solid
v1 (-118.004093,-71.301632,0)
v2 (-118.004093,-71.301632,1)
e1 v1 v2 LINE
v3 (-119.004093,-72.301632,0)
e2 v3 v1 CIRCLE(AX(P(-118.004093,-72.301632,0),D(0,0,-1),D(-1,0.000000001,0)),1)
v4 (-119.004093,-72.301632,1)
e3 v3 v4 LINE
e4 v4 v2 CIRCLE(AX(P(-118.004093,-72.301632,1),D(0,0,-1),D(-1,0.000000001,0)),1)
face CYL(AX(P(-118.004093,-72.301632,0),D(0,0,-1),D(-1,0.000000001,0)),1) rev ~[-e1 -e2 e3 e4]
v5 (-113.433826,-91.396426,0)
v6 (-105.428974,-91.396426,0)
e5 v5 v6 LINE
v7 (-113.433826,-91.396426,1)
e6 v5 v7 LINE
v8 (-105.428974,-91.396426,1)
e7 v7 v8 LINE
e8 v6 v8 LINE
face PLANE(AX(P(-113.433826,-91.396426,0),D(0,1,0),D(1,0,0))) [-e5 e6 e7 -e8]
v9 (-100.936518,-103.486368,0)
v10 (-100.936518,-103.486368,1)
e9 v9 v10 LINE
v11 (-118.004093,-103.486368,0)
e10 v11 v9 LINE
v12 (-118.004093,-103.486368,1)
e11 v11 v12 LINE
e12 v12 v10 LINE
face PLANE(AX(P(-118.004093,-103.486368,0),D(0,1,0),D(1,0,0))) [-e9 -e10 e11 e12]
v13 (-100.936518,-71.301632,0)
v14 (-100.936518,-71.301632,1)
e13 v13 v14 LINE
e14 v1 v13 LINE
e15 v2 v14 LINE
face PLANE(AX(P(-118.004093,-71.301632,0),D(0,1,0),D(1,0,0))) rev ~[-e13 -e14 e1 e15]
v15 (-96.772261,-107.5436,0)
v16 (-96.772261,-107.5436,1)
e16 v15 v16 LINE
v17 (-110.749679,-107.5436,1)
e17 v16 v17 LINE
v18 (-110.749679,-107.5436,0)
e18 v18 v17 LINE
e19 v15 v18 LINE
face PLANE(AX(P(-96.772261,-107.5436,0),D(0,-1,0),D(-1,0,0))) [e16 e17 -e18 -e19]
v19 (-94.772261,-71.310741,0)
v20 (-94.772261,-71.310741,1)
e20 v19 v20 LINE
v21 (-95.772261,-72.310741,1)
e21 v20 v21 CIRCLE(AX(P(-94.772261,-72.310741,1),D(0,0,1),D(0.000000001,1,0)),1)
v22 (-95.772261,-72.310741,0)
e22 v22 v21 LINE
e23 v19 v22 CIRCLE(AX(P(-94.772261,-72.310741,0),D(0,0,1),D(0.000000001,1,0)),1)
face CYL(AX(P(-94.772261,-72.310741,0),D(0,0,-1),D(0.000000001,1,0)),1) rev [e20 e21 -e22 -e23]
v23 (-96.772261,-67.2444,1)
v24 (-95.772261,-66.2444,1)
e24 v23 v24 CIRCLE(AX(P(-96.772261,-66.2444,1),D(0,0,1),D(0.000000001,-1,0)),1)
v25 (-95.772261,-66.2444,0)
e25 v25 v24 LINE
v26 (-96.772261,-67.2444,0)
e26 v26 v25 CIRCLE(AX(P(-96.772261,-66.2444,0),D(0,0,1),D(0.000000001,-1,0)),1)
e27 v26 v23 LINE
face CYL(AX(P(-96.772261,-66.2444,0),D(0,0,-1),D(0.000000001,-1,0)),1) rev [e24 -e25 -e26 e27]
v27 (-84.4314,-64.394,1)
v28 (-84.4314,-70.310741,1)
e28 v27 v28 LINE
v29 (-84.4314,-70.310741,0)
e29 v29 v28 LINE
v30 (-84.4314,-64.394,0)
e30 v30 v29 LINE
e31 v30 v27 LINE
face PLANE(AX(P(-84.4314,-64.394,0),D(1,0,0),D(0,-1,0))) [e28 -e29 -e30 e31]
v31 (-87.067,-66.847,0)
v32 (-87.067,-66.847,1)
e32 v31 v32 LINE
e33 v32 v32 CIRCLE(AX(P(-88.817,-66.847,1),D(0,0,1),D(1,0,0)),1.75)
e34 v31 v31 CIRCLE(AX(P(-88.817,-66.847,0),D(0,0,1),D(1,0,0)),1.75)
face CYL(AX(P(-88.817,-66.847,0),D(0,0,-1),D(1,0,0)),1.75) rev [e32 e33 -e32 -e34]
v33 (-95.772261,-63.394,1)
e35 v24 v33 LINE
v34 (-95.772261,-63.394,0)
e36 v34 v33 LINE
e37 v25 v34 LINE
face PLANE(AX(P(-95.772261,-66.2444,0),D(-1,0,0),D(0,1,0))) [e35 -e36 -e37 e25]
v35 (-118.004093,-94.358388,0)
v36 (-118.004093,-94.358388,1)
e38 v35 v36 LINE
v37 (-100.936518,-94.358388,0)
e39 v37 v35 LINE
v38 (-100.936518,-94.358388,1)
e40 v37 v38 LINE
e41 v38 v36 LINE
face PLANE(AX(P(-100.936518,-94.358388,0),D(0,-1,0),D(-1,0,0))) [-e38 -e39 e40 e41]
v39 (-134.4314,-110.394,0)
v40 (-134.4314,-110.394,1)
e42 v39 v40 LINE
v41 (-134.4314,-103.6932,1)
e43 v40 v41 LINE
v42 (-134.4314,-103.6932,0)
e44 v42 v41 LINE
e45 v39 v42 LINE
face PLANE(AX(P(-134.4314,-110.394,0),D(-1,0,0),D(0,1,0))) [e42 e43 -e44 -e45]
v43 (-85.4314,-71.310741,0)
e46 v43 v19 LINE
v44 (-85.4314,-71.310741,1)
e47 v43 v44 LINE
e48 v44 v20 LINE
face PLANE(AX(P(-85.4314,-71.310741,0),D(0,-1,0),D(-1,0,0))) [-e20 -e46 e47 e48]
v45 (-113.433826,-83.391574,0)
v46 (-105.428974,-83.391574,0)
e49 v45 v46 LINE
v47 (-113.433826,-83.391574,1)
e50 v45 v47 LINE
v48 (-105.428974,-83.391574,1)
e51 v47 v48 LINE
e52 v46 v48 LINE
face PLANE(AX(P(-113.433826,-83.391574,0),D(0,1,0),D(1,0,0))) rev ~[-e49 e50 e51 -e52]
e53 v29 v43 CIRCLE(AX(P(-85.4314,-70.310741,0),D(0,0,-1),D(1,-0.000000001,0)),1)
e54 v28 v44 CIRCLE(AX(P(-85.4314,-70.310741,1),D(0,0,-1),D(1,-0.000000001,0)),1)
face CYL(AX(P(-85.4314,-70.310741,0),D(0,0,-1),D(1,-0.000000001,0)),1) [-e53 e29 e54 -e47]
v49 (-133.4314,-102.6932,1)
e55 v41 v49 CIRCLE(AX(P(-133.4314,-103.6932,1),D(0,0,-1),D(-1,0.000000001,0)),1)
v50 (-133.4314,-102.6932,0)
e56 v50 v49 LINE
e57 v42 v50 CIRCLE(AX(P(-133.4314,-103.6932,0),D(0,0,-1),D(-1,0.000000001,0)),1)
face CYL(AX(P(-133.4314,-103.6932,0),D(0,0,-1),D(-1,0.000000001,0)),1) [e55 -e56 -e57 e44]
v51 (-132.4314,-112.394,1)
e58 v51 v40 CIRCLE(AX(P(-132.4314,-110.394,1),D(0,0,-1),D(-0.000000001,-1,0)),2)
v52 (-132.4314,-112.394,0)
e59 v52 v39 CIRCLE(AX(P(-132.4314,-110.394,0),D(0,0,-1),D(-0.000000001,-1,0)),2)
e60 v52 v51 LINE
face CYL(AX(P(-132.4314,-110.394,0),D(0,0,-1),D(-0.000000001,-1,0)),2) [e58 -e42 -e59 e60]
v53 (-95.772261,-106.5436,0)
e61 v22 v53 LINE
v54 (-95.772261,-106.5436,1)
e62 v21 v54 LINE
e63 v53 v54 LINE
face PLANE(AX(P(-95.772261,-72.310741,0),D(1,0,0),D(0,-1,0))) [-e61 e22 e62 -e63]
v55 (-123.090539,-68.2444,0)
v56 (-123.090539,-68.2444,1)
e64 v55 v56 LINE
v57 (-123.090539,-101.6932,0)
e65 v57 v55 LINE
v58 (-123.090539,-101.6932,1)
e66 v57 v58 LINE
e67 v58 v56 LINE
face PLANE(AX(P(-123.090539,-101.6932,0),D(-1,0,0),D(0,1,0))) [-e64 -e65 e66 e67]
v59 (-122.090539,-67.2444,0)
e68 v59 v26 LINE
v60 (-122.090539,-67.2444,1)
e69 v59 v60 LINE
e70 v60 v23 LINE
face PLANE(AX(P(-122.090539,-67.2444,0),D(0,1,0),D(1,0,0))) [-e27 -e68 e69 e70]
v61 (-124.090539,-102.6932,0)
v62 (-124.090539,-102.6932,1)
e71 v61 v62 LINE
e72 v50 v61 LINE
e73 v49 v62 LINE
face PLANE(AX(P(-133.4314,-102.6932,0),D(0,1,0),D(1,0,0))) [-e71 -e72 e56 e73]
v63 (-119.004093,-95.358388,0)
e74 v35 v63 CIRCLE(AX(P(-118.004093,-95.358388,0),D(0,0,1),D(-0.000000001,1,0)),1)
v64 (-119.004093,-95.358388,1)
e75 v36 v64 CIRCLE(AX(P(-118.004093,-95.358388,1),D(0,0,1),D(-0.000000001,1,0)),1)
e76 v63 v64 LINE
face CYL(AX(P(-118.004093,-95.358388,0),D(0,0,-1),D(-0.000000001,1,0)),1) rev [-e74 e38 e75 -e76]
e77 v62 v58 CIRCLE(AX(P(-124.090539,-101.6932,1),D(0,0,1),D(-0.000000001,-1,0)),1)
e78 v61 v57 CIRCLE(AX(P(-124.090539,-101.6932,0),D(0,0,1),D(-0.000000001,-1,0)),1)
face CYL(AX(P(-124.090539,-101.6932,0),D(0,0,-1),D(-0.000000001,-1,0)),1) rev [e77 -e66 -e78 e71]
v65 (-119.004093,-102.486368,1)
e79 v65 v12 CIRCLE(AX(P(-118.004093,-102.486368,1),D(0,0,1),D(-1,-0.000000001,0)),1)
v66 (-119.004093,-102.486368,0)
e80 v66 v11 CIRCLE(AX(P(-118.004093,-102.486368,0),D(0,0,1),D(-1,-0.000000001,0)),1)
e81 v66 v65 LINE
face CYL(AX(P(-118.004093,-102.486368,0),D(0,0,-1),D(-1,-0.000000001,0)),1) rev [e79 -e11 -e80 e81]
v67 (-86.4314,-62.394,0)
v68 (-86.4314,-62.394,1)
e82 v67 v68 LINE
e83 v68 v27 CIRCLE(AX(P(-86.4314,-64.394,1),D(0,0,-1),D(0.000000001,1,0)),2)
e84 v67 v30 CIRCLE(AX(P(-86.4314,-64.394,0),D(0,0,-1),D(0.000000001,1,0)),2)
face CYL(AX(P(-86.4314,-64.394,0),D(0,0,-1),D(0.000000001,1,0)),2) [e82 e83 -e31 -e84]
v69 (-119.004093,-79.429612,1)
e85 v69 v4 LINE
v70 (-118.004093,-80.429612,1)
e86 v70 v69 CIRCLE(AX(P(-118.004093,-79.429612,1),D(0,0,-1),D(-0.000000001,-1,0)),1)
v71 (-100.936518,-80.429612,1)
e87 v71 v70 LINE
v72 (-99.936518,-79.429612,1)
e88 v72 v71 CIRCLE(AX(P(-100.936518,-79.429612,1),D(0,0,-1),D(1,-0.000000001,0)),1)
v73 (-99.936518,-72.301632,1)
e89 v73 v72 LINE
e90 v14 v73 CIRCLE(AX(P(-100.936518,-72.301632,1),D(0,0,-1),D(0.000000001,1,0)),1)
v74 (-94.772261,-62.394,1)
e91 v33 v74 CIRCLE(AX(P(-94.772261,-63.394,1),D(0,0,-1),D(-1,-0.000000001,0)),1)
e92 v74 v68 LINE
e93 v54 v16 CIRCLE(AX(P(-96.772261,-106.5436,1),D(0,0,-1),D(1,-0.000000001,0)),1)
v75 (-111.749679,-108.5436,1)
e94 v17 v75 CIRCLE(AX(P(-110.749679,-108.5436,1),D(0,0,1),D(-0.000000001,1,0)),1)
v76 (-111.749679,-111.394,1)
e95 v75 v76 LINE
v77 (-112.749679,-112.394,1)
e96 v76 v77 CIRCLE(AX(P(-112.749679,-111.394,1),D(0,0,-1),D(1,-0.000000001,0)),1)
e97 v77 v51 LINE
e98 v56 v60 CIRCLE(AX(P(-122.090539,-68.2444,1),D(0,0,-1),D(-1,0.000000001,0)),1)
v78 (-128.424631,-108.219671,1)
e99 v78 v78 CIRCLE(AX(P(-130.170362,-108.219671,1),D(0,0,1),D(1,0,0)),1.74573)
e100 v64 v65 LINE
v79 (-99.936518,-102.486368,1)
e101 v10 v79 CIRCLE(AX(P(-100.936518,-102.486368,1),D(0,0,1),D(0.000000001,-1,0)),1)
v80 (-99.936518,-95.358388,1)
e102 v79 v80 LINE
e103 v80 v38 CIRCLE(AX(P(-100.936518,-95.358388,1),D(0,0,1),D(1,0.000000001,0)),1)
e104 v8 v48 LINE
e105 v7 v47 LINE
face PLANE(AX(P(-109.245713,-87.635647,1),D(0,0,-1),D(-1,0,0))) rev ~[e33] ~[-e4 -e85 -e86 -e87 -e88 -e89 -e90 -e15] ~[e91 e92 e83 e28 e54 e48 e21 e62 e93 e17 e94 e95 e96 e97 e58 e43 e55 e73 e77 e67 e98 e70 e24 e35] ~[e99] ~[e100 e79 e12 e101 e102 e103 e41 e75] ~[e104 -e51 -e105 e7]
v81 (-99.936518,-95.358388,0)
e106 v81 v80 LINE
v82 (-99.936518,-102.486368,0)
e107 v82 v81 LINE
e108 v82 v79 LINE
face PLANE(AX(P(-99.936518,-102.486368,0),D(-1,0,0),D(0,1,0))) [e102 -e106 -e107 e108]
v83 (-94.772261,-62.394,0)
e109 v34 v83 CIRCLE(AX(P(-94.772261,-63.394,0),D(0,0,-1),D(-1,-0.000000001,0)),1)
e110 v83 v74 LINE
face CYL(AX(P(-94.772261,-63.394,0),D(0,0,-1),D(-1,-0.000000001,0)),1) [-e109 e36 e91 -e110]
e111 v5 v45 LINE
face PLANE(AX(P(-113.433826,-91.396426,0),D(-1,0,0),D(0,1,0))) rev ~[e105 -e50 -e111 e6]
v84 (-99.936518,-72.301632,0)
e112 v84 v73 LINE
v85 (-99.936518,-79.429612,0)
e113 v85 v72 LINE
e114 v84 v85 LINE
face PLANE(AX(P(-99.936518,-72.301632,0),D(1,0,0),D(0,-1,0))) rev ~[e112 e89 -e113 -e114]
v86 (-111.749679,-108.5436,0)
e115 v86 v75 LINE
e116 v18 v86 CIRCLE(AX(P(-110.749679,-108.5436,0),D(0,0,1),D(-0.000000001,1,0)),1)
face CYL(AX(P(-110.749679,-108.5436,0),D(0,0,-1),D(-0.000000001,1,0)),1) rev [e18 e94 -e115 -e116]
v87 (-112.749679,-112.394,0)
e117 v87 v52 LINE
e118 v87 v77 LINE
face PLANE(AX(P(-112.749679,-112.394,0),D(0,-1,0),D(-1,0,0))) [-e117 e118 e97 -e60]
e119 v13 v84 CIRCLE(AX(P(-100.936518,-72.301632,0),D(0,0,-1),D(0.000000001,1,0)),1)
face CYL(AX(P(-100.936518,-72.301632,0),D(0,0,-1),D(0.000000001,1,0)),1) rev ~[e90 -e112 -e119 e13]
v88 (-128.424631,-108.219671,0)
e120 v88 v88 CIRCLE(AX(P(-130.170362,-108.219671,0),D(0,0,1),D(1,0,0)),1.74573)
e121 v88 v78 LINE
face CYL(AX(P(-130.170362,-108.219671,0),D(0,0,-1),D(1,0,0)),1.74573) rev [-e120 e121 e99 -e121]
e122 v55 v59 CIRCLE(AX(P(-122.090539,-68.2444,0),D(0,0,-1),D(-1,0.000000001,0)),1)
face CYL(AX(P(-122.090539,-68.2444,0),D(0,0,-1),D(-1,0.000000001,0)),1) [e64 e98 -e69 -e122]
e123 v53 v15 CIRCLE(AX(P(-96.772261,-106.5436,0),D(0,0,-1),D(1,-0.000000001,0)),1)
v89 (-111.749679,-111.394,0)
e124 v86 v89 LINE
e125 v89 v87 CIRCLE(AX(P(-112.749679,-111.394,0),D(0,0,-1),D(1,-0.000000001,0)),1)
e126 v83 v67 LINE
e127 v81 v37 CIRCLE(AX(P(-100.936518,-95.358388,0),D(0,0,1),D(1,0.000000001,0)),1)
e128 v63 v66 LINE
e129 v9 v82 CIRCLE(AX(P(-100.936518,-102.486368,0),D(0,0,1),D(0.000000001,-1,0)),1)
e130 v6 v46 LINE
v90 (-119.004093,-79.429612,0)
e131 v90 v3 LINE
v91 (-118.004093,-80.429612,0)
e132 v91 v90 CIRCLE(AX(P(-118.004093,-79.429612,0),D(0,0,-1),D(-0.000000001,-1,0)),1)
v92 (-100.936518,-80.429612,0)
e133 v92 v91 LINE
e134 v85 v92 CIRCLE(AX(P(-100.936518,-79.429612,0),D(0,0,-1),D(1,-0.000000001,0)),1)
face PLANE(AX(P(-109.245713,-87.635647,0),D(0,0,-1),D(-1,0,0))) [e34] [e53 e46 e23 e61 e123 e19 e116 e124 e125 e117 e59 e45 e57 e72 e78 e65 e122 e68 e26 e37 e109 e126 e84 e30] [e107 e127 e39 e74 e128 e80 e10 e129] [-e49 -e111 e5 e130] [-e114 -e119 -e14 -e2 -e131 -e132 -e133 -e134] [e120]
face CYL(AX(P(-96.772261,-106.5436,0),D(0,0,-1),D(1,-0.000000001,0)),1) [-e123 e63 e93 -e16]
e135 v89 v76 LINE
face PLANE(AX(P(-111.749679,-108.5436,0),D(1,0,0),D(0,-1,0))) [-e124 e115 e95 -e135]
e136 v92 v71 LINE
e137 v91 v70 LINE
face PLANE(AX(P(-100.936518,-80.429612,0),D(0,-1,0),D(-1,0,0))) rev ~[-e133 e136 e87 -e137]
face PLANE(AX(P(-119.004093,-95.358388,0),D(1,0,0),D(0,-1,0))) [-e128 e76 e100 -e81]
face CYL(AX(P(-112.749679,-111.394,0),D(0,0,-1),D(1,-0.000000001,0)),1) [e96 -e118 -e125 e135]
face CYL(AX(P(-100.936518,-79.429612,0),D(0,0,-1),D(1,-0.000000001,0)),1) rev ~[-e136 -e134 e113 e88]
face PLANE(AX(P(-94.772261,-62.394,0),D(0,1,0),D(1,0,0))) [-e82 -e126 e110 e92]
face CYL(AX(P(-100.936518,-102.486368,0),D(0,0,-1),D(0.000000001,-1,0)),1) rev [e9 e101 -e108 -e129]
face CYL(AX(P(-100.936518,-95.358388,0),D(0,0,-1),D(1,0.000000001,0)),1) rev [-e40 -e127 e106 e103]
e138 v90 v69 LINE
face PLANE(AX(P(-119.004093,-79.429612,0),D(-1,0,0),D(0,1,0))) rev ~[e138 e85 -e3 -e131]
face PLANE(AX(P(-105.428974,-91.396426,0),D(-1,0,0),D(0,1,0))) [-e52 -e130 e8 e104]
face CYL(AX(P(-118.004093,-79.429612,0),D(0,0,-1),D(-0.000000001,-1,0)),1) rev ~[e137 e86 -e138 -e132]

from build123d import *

# Parameters (mm, degrees)
ESQUISSE1_R        = 1.745730463
ESQUISSE1_R_2      = 1.75
ESQUISSE1_W        = 8.004851144
ESQUISSE1_H        = 8.004851144
BOSS_EXTRU_1_DEPTH = 1


with BuildPart() as part:
    # Esquisse1 → Boss.-Extru.1 (new body)
    with BuildSketch(Plane.XY):
        with BuildLine():
            Line((-122.090539275, -67.2444), (-98.063455394, -67.2444))
            Line((-98.063455394, -67.2444), (-96.772260725, -67.2444))
            ThreePointArc((-96.772260725, -67.2444), (-96.065153944, -66.951506781), (-95.772260725, -66.2444))
            Line((-95.772260725, -66.2444), (-95.772260725, -63.394))
            ThreePointArc((-95.772260725, -63.394), (-95.479367507, -62.686893219), (-94.772260725, -62.394))
            Line((-94.772260725, -62.394), (-86.4314, -62.394))
            ThreePointArc((-86.4314, -62.394), (-85.017186438, -62.979786438), (-84.4314, -64.394))
            Line((-84.4314, -64.394), (-84.4314, -70.310741156))
            ThreePointArc((-84.4314, -70.310741156), (-84.724293219, -71.017847937), (-85.4314, -71.310741156))
            Line((-85.4314, -71.310741156), (-94.772260725, -71.310741156))
            ThreePointArc((-94.772260725, -71.310741156), (-95.479367507, -71.603634375), (-95.772260725, -72.310741156))
            Line((-95.772260725, -72.310741156), (-95.772260725, -106.5436))
            ThreePointArc((-95.772260725, -106.5436), (-96.065153944, -107.250706781), (-96.772260725, -107.5436))
            Line((-96.772260725, -107.5436), (-110.749678549, -107.5436))
            ThreePointArc((-110.749678549, -107.5436), (-111.45678533, -107.836493219), (-111.749678549, -108.5436))
            Line((-111.749678549, -108.5436), (-111.749678549, -111.394))
            ThreePointArc((-111.749678549, -111.394), (-112.042571768, -112.101106781), (-112.749678549, -112.394))
            Line((-112.749678549, -112.394), (-132.4314, -112.394))
            ThreePointArc((-132.4314, -112.394), (-133.845613562, -111.808213562), (-134.4314, -110.394))
            Line((-134.4314, -110.394), (-134.4314, -103.6932))
            ThreePointArc((-134.4314, -103.6932), (-134.138506781, -102.986093219), (-133.4314, -102.6932))
            Line((-133.4314, -102.6932), (-124.090539275, -102.6932))
            ThreePointArc((-124.090539275, -102.6932), (-123.383432493, -102.400306781), (-123.090539275, -101.6932))
            Line((-123.090539275, -101.6932), (-123.090539275, -68.2444))
            ThreePointArc((-123.090539275, -68.2444), (-122.797646056, -67.537293219), (-122.090539275, -67.2444))
        make_face()
        with Locations((-130.170361884, -108.219670908)):
            Circle(ESQUISSE1_R, mode=Mode.SUBTRACT)
        with Locations((-88.817, -66.847)):
            Circle(ESQUISSE1_R_2, mode=Mode.SUBTRACT)
        with Locations((-109.4314, -87.394)):
            Rectangle(ESQUISSE1_W, ESQUISSE1_H, mode=Mode.SUBTRACT)
        with BuildLine():
            Line((-118.004092872, -71.30163173), (-100.936518074, -71.30163173))
            ThreePointArc((-100.936518074, -71.30163173), (-100.229411293, -71.594524949), (-99.936518074, -72.30163173))
            Line((-99.936518074, -72.30163173), (-99.936518074, -79.429611883))
            ThreePointArc((-99.936518074, -79.429611883), (-100.229411293, -80.136718664), (-100.936518074, -80.429611883))
            Line((-100.936518074, -80.429611883), (-118.004092872, -80.429611883))
            ThreePointArc((-118.004092872, -80.429611883), (-118.711199653, -80.136718664), (-119.004092872, -79.429611883))
            Line((-119.004092872, -79.429611883), (-119.004092872, -72.30163173))
            ThreePointArc((-119.004092872, -72.30163173), (-118.711199653, -71.594524949), (-118.004092872, -71.30163173))
        make_face(mode=Mode.SUBTRACT)
        with BuildLine():
            Line((-118.004092872, -103.48636827), (-100.936518074, -103.48636827))
            ThreePointArc((-100.936518074, -103.48636827), (-100.229411293, -103.193475051), (-99.936518074, -102.48636827))
            Line((-99.936518074, -102.48636827), (-99.936518074, -95.358388117))
            ThreePointArc((-99.936518074, -95.358388117), (-100.229411293, -94.651281336), (-100.936518074, -94.358388117))
            Line((-100.936518074, -94.358388117), (-118.004092872, -94.358388117))
            ThreePointArc((-118.004092872, -94.358388117), (-118.711199653, -94.651281336), (-119.004092872, -95.358388117))
            Line((-119.004092872, -95.358388117), (-119.004092872, -102.48636827))
            ThreePointArc((-119.004092872, -102.48636827), (-118.711199653, -103.193475051), (-118.004092872, -103.48636827))
        make_face(mode=Mode.SUBTRACT)
    extrude(amount=BOSS_EXTRU_1_DEPTH)


solid = part.part
